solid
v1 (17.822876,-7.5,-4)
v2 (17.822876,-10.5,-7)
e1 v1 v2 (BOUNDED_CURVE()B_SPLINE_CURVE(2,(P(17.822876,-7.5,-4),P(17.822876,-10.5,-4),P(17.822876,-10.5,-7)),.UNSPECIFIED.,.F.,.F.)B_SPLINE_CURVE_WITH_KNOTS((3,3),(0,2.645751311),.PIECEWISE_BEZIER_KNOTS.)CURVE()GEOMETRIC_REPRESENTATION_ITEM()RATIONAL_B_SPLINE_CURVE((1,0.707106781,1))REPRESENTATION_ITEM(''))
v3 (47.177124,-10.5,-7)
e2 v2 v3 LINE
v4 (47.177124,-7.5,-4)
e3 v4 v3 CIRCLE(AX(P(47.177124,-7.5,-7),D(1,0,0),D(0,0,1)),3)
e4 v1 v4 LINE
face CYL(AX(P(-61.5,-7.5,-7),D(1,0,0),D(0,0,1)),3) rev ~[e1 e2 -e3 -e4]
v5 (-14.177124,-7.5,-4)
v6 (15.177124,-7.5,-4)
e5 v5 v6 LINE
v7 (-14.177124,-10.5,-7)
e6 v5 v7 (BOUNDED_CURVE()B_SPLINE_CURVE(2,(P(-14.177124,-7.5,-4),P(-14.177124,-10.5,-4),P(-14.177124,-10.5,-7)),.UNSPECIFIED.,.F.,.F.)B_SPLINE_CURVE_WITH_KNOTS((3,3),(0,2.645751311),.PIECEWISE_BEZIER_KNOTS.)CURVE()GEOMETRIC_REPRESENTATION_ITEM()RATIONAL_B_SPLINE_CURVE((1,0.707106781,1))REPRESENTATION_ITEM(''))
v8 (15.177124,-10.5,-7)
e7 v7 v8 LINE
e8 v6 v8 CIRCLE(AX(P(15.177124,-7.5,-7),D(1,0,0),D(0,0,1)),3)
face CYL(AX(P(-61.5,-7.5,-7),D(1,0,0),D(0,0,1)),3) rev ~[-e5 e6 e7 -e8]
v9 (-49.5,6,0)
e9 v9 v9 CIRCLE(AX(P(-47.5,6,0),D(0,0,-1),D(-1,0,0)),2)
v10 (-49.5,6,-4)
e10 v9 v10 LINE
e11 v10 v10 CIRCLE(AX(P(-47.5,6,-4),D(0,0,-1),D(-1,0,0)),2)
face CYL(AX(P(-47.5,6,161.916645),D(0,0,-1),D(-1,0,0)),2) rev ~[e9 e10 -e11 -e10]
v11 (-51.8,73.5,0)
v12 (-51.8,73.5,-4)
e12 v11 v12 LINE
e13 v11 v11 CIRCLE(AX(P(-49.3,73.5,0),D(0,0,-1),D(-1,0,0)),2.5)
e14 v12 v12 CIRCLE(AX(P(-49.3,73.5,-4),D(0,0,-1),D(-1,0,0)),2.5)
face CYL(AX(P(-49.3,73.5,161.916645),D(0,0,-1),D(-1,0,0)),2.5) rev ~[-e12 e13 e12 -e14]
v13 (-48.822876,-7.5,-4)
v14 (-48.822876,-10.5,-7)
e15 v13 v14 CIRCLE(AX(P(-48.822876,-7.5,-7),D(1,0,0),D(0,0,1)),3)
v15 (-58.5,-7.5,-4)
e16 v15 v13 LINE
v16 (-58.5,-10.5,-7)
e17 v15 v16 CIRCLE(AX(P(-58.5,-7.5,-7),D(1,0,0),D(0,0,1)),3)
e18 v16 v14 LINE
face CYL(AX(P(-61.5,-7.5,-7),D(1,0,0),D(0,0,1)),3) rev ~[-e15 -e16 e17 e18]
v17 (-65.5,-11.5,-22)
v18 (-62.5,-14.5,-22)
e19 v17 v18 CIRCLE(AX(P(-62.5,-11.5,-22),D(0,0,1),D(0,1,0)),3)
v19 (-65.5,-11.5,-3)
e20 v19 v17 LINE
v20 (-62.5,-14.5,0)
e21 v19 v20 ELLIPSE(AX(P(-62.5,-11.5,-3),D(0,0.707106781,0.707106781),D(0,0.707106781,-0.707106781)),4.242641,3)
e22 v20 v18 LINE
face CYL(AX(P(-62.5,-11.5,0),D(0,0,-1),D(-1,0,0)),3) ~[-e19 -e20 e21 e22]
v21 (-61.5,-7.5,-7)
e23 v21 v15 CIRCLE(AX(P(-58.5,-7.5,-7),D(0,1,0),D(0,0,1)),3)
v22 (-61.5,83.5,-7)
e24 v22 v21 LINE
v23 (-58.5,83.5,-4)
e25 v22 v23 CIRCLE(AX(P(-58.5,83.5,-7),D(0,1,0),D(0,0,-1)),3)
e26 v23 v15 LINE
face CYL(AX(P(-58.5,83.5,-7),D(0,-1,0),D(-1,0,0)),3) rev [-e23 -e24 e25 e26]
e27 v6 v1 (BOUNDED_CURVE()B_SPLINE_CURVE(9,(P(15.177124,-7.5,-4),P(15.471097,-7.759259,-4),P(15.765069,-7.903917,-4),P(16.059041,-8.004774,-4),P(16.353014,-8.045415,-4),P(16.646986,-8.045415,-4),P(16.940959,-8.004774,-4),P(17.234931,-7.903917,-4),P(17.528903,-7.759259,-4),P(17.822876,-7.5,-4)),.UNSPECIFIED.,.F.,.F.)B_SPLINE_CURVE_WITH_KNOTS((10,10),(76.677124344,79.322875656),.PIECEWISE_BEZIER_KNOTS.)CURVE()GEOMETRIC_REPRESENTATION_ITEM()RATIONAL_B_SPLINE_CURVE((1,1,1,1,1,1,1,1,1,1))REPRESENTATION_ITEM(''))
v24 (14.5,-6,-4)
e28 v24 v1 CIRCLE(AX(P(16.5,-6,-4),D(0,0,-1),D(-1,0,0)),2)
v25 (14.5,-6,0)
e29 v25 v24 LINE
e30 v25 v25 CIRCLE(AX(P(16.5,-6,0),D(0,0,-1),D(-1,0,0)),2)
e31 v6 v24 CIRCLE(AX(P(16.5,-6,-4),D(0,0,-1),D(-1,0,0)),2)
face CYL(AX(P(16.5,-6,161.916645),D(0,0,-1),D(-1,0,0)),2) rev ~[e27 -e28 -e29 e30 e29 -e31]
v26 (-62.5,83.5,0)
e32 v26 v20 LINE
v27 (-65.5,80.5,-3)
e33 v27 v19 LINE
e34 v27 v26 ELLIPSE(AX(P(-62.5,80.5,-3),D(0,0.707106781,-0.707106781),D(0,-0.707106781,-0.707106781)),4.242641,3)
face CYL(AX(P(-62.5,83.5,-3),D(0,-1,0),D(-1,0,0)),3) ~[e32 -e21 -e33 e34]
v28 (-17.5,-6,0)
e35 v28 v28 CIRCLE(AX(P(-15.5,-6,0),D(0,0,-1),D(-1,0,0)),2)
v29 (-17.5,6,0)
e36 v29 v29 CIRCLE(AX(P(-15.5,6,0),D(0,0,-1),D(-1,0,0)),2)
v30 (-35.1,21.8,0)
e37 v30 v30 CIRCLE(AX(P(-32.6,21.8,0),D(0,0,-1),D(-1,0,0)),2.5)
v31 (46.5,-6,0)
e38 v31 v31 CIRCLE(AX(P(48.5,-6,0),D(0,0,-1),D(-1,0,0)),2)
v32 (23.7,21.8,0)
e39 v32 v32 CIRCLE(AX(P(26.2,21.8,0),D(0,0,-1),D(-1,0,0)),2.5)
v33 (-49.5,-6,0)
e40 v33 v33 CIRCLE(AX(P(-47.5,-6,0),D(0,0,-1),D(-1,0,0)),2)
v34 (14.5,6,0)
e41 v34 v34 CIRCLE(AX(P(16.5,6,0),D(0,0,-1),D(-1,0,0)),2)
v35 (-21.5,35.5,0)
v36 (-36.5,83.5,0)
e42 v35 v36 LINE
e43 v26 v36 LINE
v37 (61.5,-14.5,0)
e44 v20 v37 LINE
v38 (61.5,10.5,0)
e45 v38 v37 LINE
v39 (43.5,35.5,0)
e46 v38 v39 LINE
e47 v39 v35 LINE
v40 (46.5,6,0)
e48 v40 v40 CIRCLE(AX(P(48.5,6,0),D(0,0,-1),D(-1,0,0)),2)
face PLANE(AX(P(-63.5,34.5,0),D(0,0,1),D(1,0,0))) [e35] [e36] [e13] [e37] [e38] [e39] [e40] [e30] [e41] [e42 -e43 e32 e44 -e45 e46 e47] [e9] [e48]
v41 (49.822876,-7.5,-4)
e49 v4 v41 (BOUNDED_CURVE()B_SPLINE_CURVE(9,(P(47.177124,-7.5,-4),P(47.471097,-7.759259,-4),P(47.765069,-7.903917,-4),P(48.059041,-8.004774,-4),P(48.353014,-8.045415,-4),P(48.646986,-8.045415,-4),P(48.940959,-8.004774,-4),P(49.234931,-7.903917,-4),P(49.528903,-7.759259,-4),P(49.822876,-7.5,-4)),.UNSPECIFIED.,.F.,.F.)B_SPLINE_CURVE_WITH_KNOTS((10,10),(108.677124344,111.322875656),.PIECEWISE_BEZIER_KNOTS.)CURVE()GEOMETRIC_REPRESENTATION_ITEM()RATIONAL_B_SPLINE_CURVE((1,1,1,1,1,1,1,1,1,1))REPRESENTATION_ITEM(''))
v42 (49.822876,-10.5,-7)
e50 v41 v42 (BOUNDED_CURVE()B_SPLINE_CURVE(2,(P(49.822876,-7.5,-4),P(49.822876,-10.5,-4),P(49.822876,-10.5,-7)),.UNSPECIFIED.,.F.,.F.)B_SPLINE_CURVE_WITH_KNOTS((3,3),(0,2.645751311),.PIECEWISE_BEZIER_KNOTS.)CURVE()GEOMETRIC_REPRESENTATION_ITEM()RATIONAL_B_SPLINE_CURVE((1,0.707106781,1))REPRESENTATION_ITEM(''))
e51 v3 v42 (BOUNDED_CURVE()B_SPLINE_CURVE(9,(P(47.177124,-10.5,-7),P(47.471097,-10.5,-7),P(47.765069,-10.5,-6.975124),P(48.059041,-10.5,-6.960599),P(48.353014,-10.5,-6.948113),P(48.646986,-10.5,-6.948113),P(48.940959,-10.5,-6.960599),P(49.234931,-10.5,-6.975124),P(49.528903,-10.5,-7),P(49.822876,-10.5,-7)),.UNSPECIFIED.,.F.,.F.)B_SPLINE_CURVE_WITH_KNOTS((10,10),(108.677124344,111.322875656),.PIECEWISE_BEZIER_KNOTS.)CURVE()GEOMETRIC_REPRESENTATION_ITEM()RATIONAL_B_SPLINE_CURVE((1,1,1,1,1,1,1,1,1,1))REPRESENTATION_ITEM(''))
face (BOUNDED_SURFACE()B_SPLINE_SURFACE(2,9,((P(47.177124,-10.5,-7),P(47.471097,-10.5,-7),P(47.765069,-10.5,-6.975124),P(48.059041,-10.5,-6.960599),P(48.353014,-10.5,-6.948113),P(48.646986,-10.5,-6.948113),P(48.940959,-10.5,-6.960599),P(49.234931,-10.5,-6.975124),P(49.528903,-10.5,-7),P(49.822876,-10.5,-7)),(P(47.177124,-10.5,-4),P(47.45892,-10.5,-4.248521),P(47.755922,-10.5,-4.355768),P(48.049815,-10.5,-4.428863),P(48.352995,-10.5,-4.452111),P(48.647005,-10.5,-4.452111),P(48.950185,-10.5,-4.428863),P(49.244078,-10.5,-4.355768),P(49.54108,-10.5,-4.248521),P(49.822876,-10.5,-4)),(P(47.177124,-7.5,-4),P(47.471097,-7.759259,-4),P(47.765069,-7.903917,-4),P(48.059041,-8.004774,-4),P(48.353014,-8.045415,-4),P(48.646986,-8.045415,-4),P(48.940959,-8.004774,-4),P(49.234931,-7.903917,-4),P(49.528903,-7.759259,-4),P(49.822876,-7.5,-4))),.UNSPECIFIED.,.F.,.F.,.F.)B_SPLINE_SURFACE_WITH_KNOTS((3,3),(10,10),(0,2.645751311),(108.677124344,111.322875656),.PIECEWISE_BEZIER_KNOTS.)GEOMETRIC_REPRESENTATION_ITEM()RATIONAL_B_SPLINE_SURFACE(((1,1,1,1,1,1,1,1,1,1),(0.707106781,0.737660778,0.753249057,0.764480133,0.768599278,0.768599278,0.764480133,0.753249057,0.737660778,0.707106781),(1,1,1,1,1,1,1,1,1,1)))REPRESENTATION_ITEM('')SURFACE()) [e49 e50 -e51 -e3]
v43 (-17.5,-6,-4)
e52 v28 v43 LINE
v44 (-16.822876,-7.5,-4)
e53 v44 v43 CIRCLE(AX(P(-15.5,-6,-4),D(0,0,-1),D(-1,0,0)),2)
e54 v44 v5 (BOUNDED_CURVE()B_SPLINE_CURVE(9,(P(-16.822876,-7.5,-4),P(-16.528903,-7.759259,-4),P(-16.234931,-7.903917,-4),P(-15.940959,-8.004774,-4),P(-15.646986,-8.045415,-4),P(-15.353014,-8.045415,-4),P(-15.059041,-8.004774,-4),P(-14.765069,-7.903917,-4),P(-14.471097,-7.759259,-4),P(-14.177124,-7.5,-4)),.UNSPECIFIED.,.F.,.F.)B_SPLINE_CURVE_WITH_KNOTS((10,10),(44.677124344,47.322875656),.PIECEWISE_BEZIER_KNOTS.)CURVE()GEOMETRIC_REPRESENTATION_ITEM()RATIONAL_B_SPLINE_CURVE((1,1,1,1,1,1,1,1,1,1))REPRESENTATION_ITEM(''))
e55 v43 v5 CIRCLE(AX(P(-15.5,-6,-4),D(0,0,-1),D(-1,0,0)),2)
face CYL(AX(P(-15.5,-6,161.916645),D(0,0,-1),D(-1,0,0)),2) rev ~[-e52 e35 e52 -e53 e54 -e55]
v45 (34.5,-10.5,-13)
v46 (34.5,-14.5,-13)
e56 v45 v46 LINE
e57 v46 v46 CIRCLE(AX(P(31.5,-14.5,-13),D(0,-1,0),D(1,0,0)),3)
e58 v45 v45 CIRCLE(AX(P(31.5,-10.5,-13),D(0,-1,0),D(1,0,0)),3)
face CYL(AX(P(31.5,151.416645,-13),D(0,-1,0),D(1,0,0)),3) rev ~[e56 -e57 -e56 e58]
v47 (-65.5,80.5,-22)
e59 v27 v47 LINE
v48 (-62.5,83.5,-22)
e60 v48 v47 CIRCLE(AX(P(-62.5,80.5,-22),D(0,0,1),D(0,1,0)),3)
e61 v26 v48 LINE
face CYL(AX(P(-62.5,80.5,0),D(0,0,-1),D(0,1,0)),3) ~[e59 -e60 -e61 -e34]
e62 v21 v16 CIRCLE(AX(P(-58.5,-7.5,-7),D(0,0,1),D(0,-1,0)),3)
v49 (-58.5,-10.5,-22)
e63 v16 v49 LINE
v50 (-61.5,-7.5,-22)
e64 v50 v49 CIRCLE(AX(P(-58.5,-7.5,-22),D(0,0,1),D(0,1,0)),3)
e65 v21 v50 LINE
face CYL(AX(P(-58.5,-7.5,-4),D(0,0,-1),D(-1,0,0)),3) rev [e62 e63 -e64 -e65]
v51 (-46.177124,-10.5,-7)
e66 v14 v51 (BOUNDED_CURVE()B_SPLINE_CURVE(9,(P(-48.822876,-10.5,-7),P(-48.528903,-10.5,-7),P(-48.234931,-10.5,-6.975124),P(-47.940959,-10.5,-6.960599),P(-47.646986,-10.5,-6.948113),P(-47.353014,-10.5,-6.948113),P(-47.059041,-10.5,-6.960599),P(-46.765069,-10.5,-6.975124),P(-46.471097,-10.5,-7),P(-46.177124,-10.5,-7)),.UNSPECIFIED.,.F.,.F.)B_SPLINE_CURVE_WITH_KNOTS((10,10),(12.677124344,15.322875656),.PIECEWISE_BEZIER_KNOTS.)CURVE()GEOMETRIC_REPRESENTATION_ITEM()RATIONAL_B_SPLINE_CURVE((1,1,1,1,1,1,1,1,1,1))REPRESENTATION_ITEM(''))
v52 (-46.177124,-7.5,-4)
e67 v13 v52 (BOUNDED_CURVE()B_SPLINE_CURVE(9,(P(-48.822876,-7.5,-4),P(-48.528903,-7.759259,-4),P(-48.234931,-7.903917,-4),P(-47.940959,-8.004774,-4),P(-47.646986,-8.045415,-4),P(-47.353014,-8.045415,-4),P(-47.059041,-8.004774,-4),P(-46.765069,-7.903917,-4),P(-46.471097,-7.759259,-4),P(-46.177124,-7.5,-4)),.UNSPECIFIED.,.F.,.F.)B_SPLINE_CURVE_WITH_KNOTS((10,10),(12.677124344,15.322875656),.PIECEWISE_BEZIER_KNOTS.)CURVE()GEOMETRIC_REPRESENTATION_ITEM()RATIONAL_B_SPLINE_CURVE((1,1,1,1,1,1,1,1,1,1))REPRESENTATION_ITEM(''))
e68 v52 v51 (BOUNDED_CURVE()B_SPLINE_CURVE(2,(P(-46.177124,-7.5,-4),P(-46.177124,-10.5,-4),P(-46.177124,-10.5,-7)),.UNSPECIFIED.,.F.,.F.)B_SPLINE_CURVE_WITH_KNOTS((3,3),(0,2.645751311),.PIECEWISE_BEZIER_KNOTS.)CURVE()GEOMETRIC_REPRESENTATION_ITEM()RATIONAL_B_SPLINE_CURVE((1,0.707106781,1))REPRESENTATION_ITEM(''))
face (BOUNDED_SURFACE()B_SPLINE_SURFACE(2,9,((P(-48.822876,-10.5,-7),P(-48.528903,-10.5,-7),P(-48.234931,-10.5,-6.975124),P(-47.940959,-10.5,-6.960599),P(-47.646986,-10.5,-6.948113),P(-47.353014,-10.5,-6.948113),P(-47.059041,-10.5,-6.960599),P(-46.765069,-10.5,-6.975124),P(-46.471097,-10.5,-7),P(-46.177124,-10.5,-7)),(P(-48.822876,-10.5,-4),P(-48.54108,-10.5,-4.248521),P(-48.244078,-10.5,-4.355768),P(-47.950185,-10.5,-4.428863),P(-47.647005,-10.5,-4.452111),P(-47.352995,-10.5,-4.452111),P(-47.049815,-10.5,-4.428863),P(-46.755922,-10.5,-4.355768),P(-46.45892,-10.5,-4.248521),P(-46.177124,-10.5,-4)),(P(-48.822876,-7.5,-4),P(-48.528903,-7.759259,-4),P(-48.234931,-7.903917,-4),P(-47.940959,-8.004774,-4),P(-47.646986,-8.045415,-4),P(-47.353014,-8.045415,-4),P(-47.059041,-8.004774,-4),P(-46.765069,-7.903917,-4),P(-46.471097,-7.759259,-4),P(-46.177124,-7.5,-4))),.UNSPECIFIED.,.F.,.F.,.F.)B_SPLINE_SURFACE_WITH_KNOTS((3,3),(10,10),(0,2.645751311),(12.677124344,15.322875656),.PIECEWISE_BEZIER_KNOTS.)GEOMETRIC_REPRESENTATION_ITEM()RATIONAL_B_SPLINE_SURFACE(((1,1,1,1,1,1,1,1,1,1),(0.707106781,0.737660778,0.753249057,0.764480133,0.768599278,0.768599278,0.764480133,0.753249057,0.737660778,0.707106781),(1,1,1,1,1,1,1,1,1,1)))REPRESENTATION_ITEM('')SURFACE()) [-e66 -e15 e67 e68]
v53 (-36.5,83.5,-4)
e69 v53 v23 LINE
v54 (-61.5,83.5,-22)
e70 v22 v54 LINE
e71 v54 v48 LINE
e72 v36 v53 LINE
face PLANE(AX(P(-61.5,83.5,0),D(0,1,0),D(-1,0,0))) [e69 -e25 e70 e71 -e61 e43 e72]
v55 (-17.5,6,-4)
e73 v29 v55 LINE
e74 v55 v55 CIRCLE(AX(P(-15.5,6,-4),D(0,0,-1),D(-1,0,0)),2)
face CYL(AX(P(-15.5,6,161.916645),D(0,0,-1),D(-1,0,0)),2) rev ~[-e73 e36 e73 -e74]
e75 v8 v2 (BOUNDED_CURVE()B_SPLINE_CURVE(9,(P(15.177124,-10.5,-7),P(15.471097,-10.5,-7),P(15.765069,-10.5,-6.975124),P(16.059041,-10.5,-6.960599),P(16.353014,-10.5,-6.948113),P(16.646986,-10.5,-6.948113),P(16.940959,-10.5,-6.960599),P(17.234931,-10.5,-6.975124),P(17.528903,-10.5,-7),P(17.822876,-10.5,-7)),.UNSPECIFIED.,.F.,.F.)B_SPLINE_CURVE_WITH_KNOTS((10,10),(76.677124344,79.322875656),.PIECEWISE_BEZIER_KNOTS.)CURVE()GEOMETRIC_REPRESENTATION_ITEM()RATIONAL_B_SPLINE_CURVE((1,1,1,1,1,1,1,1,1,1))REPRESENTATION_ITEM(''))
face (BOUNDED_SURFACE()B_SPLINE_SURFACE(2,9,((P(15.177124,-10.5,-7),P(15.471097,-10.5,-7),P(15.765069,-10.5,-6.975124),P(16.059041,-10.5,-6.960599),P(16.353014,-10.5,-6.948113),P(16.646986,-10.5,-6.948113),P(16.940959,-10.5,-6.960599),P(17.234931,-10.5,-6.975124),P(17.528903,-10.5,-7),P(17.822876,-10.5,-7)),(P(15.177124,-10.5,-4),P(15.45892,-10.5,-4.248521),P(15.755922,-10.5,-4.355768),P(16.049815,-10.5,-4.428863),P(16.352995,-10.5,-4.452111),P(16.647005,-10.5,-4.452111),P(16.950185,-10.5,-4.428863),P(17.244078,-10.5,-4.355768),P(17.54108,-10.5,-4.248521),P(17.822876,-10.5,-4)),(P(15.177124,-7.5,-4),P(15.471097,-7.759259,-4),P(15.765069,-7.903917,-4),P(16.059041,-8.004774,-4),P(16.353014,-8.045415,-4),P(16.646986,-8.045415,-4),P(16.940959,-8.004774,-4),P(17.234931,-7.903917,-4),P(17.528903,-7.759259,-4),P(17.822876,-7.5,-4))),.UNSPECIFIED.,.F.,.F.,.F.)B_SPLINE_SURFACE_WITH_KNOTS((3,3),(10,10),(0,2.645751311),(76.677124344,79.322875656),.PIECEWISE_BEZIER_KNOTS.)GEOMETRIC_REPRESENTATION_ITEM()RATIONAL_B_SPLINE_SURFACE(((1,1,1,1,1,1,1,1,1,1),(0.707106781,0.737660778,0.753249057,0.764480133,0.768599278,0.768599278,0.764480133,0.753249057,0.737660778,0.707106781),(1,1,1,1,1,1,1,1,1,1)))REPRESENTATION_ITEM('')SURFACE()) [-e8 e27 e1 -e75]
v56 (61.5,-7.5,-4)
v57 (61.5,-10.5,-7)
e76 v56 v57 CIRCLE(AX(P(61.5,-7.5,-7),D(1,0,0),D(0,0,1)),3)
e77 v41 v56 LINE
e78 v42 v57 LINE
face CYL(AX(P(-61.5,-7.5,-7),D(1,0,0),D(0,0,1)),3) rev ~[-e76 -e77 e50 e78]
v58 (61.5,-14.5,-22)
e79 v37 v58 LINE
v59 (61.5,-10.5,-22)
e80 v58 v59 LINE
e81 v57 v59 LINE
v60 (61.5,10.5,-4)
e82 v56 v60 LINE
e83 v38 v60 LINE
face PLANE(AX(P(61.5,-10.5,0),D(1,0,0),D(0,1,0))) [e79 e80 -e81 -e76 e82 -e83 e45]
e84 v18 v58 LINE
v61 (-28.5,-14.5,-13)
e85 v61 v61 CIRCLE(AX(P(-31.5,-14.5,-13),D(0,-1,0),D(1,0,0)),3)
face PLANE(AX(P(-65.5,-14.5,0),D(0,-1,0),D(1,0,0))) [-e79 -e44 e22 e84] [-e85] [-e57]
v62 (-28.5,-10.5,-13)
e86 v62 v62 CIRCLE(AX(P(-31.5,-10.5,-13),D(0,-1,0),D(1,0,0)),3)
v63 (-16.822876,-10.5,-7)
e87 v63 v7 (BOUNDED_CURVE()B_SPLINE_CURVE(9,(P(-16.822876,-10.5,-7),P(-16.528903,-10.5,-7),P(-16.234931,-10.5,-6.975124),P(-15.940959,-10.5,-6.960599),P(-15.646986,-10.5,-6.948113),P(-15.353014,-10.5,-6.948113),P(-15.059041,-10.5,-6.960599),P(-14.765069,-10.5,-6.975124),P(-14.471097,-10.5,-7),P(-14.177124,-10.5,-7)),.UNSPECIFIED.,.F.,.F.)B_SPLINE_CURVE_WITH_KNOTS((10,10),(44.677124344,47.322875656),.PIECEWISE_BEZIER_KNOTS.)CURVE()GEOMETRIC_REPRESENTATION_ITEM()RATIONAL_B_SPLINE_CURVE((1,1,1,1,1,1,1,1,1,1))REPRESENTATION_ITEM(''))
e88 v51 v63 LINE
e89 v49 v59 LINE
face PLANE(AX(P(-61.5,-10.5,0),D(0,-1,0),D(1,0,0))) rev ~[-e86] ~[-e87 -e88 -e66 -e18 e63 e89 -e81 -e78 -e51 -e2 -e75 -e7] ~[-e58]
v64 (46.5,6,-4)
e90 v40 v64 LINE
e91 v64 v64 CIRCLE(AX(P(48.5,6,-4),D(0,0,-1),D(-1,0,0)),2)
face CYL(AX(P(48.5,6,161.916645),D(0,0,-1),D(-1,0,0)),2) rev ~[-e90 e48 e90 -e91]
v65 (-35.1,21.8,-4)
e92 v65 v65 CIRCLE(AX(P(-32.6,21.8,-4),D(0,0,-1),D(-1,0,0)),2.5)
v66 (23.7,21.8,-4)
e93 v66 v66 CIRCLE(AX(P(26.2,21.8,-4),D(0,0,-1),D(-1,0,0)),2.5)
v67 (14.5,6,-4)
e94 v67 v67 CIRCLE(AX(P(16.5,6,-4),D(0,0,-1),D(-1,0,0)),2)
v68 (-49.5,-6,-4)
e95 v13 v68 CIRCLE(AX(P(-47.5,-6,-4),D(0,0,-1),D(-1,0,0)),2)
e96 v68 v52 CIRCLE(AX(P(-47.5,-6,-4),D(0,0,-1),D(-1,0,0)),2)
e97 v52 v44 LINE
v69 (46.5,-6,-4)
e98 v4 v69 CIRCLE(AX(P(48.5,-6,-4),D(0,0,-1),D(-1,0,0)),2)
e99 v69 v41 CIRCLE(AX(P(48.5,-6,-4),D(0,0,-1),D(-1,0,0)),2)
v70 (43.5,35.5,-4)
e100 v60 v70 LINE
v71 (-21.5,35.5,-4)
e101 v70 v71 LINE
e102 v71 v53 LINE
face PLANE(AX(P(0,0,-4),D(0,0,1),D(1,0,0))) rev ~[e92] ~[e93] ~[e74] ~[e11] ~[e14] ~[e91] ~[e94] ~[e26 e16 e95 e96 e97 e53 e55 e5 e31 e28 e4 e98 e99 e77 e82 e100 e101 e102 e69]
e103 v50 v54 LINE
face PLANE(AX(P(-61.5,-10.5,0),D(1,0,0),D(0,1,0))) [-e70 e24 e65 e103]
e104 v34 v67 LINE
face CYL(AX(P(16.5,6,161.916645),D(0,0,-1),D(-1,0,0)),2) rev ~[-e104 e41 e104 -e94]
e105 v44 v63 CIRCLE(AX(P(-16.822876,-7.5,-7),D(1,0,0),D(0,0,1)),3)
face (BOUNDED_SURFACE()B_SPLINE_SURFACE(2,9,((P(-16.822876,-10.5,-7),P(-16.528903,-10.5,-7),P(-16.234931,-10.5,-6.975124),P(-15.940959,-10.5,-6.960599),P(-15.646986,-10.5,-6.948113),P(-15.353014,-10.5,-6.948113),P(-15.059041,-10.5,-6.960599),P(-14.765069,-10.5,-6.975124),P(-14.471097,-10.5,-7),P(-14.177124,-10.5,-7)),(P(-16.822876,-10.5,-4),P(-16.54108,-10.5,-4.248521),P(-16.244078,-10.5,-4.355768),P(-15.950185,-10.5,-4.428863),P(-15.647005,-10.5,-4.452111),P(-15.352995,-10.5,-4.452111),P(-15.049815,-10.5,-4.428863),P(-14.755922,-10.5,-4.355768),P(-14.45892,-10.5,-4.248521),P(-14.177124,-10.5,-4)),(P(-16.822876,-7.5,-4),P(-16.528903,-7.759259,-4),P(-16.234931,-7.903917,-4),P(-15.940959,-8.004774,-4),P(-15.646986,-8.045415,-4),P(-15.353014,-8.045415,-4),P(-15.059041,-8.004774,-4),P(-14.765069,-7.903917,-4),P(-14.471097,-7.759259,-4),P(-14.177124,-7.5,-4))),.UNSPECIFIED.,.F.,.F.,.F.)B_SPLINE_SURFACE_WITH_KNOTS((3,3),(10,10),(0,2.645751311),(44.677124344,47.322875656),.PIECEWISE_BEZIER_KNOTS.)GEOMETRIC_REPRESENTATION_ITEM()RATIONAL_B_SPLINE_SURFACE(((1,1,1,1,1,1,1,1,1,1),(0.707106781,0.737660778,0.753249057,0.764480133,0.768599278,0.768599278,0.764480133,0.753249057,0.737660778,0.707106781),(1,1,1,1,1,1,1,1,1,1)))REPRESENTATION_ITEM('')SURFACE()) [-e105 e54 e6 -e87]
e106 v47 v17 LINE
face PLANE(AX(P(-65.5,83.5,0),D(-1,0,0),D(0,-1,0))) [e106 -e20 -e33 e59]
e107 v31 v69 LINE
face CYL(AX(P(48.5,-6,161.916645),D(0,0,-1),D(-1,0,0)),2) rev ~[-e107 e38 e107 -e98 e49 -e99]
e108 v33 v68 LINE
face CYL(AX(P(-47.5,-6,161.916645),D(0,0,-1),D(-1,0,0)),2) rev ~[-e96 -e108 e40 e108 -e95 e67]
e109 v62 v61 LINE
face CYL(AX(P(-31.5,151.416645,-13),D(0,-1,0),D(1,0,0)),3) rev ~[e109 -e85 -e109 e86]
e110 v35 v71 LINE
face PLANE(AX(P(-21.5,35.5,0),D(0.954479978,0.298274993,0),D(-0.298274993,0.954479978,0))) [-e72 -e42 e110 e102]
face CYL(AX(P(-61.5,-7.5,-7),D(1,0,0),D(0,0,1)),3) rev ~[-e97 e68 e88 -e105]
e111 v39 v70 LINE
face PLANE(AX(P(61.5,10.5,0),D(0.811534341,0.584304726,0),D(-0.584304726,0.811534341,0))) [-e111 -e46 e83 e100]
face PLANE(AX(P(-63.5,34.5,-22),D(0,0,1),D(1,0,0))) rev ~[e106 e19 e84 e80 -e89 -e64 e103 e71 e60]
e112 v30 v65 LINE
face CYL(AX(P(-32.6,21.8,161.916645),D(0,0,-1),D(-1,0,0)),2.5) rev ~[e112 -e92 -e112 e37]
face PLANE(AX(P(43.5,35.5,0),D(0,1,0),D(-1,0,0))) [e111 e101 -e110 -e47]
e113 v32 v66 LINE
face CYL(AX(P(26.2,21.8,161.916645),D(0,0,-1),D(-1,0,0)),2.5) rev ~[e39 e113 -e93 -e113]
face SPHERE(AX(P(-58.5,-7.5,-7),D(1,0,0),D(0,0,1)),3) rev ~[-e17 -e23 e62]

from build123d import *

# Parameters (mm, degrees)
F0_W     = 123
F0_H     = 21
F1_DEPTH = 4
F0_H_2   = 4
F2_DEPTH = 22
F3_D     = 5
F4_D     = 4
F6_D     = 6
F7_R     = 3


with BuildPart() as f1:
    # F0 (on Top) → F1 (new body)
    with BuildSketch(Plane.XY):
        Rectangle(F0_W, F0_H)
        Polygon((-61.5, 10.5), (61.5, 10.5), (43.5, 35.5), (-21.5, 35.5), (-36.5, 83.5), (-61.5, 83.5), align=None)
    extrude(amount=-F1_DEPTH)

    # F0 (on Top) → F2 (join)
    with BuildSketch(Plane.XY):
        Polygon((-61.5, -14.5), (-61.5, -10.5), (-61.5, 10.5), (-61.5, 83.5), (-65.5, 83.5), (-65.5, -14.5), align=None)
        with Locations((0, -12.5)):
            Rectangle(F0_W, F0_H_2)
    extrude(amount=-F2_DEPTH)

    # F3 (through all)
    with Locations(Plane.XY):
        with Locations((-49.3, 73.5), (-32.6, 21.8), (26.2, 21.8)):
            Hole(F3_D / 2)

    # F4 (through all)
    with Locations(Plane.XY):
        with Locations((-47.5, 6), (-47.5, -6), (-15.5, -6), (-15.5, 6), (16.5, -6), (16.5, 6), (48.5, 6), (48.5, -6)):
            Hole(F4_D / 2)

    # F6 (through all)
    with Locations(Plane(origin=(0, -10.5, 0), x_dir=(-1, 0, 0), z_dir=(0, 1, 0))):
        with Locations((-31.5, -13), (31.5, -13)):
            Hole(F6_D / 2)

    # F7
    f7_edges = [f1.edges().sort_by_distance(p)[0] for p in [
        (0, -10.5, -4),
        (-61.5, 36.5, -4),
        (-61.5, -10.5, -13),
        (-65.5, -14.5, -11),
        (-65.5, 34.5, 0),
        (-65.5, 83.5, -11),
    ]]
    fillet(f7_edges, radius=F7_R)


solid = f1.part
